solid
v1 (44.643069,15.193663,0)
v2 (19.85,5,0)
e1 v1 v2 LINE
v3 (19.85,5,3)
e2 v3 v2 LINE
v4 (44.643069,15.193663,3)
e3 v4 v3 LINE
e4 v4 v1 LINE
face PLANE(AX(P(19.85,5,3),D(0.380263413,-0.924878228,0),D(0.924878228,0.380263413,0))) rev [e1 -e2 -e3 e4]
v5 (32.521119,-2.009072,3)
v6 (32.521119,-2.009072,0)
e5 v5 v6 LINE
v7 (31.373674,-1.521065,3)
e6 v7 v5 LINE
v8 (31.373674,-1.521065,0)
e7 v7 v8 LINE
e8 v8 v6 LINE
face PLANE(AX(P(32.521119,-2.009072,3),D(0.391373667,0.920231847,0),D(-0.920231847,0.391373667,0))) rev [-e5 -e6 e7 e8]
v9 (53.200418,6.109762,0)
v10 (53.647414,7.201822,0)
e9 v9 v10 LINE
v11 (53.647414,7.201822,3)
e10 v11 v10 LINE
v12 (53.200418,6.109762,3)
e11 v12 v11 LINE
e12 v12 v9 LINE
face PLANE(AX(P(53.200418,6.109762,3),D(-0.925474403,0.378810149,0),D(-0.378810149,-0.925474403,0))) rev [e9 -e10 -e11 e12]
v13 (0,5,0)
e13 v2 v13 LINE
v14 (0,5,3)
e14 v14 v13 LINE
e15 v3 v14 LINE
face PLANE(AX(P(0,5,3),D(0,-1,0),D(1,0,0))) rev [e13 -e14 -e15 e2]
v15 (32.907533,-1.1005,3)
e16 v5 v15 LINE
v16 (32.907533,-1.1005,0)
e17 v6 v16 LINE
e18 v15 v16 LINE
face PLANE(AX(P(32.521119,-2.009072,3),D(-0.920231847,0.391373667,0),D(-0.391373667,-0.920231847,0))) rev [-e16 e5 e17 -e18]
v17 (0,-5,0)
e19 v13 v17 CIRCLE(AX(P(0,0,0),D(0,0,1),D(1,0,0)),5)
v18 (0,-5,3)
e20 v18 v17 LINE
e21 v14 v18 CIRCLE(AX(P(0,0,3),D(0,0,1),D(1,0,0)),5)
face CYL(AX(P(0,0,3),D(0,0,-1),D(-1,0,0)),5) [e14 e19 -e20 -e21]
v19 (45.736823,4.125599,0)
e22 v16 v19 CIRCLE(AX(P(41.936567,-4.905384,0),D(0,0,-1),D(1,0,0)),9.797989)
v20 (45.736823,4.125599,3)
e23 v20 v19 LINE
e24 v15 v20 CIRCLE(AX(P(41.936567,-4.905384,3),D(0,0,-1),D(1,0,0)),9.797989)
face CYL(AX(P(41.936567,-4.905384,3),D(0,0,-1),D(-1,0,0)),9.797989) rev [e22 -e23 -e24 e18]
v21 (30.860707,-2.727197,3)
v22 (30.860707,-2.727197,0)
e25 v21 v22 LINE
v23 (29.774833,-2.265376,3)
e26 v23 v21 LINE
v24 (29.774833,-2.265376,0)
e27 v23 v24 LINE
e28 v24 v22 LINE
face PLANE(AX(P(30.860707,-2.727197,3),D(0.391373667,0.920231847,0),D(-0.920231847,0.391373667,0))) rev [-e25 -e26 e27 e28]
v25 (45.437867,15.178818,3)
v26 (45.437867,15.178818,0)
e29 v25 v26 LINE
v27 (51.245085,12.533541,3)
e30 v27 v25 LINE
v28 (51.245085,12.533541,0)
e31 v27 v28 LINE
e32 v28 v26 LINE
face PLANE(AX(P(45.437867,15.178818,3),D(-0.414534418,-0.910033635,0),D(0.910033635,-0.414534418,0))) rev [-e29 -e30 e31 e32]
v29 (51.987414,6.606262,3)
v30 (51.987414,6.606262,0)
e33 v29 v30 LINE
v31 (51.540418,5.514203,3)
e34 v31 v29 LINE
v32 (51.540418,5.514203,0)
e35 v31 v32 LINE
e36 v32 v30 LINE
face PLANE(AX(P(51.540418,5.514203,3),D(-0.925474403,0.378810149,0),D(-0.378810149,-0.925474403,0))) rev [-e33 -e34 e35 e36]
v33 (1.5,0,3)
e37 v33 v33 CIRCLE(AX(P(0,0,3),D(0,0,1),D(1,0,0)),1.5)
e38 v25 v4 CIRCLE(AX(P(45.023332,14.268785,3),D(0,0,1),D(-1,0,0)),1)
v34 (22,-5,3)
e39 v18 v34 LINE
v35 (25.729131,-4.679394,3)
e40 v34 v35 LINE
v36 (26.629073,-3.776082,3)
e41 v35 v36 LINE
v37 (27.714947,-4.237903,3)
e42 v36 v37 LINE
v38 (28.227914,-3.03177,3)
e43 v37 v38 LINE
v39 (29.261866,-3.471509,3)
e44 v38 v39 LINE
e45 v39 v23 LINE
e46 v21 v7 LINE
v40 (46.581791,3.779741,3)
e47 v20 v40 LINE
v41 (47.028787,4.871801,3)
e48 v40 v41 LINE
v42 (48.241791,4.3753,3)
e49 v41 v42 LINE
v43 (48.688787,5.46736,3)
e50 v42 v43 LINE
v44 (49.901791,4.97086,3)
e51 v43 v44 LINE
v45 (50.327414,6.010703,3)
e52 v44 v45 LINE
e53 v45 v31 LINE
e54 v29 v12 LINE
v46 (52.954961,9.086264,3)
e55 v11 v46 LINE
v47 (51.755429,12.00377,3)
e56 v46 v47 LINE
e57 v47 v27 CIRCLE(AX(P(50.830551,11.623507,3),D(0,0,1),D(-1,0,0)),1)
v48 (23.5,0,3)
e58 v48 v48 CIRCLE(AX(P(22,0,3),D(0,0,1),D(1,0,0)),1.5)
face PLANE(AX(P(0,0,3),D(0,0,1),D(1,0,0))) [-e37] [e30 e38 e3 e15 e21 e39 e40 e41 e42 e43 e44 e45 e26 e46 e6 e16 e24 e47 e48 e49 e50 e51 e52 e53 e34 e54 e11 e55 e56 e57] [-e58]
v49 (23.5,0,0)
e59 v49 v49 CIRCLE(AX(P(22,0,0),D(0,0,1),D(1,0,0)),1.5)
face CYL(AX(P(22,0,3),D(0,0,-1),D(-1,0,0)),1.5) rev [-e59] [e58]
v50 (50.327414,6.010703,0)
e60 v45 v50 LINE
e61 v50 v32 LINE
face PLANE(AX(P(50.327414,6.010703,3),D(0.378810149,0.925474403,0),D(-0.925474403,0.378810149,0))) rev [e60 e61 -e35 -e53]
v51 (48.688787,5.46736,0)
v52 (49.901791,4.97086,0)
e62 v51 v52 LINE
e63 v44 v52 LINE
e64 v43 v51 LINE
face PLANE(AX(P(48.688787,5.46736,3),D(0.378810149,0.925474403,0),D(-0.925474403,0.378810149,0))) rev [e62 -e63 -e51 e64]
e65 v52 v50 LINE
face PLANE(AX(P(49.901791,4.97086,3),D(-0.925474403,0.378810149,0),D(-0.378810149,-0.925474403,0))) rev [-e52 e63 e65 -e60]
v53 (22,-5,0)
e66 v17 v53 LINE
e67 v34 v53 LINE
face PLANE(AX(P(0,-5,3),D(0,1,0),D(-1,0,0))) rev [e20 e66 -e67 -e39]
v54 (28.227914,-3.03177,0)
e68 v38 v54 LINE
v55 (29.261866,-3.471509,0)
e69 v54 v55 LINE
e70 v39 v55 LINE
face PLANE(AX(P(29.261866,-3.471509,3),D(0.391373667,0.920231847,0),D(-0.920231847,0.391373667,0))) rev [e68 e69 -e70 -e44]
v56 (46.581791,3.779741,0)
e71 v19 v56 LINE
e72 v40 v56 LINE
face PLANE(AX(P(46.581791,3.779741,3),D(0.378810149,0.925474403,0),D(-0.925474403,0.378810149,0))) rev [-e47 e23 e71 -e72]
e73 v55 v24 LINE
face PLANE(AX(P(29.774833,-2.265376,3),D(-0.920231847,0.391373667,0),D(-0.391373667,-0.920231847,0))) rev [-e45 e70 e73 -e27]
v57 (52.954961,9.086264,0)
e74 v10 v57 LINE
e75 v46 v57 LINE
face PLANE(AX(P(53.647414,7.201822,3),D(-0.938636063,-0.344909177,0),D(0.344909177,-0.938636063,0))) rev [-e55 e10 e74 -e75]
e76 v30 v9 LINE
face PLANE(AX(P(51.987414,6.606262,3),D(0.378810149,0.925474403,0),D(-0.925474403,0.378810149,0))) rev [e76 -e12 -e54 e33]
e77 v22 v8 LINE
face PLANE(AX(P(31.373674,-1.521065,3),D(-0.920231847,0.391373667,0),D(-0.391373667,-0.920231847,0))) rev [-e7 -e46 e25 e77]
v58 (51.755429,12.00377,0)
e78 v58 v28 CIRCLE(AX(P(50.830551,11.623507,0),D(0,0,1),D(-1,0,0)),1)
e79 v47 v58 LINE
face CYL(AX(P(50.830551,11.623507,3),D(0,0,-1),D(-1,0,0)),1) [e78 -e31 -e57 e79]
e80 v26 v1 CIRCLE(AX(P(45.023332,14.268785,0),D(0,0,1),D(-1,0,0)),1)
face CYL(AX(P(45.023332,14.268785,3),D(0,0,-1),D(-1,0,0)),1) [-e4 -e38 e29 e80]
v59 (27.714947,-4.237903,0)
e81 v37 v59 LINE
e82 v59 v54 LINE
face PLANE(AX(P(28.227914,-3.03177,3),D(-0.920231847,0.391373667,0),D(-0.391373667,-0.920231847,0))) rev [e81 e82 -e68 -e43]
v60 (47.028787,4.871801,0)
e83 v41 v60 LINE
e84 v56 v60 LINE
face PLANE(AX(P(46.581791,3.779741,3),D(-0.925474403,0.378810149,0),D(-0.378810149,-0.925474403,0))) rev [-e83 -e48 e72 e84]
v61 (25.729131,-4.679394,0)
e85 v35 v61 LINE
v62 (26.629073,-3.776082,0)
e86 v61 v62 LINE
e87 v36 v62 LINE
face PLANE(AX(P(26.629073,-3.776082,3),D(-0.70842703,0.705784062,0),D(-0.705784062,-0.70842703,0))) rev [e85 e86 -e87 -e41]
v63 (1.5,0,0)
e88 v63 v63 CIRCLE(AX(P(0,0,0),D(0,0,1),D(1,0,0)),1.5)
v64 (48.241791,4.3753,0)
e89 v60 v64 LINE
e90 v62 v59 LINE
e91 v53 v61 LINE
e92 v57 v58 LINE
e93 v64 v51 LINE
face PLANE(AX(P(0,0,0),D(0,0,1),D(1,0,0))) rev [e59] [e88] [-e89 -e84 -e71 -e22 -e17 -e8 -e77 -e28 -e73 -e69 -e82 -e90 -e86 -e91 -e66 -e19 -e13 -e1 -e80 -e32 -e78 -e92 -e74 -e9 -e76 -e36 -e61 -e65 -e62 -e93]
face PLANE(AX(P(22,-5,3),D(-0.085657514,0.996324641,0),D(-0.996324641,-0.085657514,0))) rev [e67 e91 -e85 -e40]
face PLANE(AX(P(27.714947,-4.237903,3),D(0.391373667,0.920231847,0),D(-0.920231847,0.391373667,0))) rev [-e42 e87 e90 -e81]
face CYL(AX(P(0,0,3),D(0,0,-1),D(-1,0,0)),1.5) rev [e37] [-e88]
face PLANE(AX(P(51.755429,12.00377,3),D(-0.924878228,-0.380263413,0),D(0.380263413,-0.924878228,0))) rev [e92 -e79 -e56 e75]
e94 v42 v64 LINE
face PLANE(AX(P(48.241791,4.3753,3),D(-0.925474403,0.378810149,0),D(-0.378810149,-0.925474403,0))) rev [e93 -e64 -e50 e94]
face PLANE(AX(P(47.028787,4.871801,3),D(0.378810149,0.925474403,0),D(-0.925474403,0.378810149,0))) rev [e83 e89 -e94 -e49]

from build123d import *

# Parameters (mm, degrees)
SKETCH1_R           = 1.5
BOSS_EXTRUDE1_DEPTH = 3


with BuildPart() as part:
    # Sketch1 → Boss-Extrude1 (new body)
    with BuildSketch(Plane.XY):
        with BuildLine():
            Line((0, 5), (19.85, 5))
            Line((19.85, 5), (44.643069029, 15.193663072))
            ThreePointArc((44.643069029, 15.193663072), (45.042006379, 15.268610471), (45.43786686, 15.178818479))
            Line((45.43786686, 15.178818479), (51.245085043, 12.533540635))
            ThreePointArc((51.245085043, 12.533540635), (51.550738574, 12.317286013), (51.755428853, 12.003770413))
            Line((51.755428853, 12.003770413), (52.954960556, 9.086264498))
            Line((52.954960556, 9.086264498), (53.647413738, 7.201821951))
            Line((53.647413738, 7.201821951), (53.200417763, 6.109762155))
            Line((53.200417763, 6.109762155), (51.987413738, 6.606262365))
            Line((51.987413738, 6.606262365), (51.540417763, 5.514202569))
            Line((51.540417763, 5.514202569), (50.327413738, 6.010702778))
            Line((50.327413738, 6.010702778), (49.901790908, 4.970859901))
            Line((49.901790908, 4.970859901), (48.688786884, 5.467360111))
            Line((48.688786884, 5.467360111), (48.241790908, 4.375300315))
            Line((48.241790908, 4.375300315), (47.028786884, 4.871800524))
            Line((47.028786884, 4.871800524), (46.581790908, 3.779740729))
            Line((46.581790908, 3.779740729), (45.736822648, 4.125598541))
            ThreePointArc((45.736822648, 4.125598541), (38.240209852, 4.168619257), (32.907533275, -1.100499713))
            Line((32.907533275, -1.100499713), (32.521118505, -2.009071771))
            Line((32.521118505, -2.009071771), (31.373673566, -1.521064608))
            Line((31.373673566, -1.521064608), (30.860706561, -2.727197301))
            Line((30.860706561, -2.727197301), (29.774832981, -2.265376374))
            Line((29.774832981, -2.265376374), (29.261865976, -3.471509067))
            Line((29.261865976, -3.471509067), (28.227913521, -3.031770141))
            Line((28.227913521, -3.031770141), (27.714946516, -4.237902834))
            Line((27.714946516, -4.237902834), (26.629072936, -3.776081907))
            Line((26.629072936, -3.776081907), (25.729131342, -4.679393535))
            Line((25.729131342, -4.679393535), (22, -5))
            Line((22, -5), (0, -5))
            ThreePointArc((0, -5), (-5, 0), (0, 5))
        make_face()
        Circle(SKETCH1_R, mode=Mode.SUBTRACT)
        with Locations((22, 0)):
            Circle(SKETCH1_R, mode=Mode.SUBTRACT)
    extrude(amount=BOSS_EXTRUDE1_DEPTH)


solid = part.part
